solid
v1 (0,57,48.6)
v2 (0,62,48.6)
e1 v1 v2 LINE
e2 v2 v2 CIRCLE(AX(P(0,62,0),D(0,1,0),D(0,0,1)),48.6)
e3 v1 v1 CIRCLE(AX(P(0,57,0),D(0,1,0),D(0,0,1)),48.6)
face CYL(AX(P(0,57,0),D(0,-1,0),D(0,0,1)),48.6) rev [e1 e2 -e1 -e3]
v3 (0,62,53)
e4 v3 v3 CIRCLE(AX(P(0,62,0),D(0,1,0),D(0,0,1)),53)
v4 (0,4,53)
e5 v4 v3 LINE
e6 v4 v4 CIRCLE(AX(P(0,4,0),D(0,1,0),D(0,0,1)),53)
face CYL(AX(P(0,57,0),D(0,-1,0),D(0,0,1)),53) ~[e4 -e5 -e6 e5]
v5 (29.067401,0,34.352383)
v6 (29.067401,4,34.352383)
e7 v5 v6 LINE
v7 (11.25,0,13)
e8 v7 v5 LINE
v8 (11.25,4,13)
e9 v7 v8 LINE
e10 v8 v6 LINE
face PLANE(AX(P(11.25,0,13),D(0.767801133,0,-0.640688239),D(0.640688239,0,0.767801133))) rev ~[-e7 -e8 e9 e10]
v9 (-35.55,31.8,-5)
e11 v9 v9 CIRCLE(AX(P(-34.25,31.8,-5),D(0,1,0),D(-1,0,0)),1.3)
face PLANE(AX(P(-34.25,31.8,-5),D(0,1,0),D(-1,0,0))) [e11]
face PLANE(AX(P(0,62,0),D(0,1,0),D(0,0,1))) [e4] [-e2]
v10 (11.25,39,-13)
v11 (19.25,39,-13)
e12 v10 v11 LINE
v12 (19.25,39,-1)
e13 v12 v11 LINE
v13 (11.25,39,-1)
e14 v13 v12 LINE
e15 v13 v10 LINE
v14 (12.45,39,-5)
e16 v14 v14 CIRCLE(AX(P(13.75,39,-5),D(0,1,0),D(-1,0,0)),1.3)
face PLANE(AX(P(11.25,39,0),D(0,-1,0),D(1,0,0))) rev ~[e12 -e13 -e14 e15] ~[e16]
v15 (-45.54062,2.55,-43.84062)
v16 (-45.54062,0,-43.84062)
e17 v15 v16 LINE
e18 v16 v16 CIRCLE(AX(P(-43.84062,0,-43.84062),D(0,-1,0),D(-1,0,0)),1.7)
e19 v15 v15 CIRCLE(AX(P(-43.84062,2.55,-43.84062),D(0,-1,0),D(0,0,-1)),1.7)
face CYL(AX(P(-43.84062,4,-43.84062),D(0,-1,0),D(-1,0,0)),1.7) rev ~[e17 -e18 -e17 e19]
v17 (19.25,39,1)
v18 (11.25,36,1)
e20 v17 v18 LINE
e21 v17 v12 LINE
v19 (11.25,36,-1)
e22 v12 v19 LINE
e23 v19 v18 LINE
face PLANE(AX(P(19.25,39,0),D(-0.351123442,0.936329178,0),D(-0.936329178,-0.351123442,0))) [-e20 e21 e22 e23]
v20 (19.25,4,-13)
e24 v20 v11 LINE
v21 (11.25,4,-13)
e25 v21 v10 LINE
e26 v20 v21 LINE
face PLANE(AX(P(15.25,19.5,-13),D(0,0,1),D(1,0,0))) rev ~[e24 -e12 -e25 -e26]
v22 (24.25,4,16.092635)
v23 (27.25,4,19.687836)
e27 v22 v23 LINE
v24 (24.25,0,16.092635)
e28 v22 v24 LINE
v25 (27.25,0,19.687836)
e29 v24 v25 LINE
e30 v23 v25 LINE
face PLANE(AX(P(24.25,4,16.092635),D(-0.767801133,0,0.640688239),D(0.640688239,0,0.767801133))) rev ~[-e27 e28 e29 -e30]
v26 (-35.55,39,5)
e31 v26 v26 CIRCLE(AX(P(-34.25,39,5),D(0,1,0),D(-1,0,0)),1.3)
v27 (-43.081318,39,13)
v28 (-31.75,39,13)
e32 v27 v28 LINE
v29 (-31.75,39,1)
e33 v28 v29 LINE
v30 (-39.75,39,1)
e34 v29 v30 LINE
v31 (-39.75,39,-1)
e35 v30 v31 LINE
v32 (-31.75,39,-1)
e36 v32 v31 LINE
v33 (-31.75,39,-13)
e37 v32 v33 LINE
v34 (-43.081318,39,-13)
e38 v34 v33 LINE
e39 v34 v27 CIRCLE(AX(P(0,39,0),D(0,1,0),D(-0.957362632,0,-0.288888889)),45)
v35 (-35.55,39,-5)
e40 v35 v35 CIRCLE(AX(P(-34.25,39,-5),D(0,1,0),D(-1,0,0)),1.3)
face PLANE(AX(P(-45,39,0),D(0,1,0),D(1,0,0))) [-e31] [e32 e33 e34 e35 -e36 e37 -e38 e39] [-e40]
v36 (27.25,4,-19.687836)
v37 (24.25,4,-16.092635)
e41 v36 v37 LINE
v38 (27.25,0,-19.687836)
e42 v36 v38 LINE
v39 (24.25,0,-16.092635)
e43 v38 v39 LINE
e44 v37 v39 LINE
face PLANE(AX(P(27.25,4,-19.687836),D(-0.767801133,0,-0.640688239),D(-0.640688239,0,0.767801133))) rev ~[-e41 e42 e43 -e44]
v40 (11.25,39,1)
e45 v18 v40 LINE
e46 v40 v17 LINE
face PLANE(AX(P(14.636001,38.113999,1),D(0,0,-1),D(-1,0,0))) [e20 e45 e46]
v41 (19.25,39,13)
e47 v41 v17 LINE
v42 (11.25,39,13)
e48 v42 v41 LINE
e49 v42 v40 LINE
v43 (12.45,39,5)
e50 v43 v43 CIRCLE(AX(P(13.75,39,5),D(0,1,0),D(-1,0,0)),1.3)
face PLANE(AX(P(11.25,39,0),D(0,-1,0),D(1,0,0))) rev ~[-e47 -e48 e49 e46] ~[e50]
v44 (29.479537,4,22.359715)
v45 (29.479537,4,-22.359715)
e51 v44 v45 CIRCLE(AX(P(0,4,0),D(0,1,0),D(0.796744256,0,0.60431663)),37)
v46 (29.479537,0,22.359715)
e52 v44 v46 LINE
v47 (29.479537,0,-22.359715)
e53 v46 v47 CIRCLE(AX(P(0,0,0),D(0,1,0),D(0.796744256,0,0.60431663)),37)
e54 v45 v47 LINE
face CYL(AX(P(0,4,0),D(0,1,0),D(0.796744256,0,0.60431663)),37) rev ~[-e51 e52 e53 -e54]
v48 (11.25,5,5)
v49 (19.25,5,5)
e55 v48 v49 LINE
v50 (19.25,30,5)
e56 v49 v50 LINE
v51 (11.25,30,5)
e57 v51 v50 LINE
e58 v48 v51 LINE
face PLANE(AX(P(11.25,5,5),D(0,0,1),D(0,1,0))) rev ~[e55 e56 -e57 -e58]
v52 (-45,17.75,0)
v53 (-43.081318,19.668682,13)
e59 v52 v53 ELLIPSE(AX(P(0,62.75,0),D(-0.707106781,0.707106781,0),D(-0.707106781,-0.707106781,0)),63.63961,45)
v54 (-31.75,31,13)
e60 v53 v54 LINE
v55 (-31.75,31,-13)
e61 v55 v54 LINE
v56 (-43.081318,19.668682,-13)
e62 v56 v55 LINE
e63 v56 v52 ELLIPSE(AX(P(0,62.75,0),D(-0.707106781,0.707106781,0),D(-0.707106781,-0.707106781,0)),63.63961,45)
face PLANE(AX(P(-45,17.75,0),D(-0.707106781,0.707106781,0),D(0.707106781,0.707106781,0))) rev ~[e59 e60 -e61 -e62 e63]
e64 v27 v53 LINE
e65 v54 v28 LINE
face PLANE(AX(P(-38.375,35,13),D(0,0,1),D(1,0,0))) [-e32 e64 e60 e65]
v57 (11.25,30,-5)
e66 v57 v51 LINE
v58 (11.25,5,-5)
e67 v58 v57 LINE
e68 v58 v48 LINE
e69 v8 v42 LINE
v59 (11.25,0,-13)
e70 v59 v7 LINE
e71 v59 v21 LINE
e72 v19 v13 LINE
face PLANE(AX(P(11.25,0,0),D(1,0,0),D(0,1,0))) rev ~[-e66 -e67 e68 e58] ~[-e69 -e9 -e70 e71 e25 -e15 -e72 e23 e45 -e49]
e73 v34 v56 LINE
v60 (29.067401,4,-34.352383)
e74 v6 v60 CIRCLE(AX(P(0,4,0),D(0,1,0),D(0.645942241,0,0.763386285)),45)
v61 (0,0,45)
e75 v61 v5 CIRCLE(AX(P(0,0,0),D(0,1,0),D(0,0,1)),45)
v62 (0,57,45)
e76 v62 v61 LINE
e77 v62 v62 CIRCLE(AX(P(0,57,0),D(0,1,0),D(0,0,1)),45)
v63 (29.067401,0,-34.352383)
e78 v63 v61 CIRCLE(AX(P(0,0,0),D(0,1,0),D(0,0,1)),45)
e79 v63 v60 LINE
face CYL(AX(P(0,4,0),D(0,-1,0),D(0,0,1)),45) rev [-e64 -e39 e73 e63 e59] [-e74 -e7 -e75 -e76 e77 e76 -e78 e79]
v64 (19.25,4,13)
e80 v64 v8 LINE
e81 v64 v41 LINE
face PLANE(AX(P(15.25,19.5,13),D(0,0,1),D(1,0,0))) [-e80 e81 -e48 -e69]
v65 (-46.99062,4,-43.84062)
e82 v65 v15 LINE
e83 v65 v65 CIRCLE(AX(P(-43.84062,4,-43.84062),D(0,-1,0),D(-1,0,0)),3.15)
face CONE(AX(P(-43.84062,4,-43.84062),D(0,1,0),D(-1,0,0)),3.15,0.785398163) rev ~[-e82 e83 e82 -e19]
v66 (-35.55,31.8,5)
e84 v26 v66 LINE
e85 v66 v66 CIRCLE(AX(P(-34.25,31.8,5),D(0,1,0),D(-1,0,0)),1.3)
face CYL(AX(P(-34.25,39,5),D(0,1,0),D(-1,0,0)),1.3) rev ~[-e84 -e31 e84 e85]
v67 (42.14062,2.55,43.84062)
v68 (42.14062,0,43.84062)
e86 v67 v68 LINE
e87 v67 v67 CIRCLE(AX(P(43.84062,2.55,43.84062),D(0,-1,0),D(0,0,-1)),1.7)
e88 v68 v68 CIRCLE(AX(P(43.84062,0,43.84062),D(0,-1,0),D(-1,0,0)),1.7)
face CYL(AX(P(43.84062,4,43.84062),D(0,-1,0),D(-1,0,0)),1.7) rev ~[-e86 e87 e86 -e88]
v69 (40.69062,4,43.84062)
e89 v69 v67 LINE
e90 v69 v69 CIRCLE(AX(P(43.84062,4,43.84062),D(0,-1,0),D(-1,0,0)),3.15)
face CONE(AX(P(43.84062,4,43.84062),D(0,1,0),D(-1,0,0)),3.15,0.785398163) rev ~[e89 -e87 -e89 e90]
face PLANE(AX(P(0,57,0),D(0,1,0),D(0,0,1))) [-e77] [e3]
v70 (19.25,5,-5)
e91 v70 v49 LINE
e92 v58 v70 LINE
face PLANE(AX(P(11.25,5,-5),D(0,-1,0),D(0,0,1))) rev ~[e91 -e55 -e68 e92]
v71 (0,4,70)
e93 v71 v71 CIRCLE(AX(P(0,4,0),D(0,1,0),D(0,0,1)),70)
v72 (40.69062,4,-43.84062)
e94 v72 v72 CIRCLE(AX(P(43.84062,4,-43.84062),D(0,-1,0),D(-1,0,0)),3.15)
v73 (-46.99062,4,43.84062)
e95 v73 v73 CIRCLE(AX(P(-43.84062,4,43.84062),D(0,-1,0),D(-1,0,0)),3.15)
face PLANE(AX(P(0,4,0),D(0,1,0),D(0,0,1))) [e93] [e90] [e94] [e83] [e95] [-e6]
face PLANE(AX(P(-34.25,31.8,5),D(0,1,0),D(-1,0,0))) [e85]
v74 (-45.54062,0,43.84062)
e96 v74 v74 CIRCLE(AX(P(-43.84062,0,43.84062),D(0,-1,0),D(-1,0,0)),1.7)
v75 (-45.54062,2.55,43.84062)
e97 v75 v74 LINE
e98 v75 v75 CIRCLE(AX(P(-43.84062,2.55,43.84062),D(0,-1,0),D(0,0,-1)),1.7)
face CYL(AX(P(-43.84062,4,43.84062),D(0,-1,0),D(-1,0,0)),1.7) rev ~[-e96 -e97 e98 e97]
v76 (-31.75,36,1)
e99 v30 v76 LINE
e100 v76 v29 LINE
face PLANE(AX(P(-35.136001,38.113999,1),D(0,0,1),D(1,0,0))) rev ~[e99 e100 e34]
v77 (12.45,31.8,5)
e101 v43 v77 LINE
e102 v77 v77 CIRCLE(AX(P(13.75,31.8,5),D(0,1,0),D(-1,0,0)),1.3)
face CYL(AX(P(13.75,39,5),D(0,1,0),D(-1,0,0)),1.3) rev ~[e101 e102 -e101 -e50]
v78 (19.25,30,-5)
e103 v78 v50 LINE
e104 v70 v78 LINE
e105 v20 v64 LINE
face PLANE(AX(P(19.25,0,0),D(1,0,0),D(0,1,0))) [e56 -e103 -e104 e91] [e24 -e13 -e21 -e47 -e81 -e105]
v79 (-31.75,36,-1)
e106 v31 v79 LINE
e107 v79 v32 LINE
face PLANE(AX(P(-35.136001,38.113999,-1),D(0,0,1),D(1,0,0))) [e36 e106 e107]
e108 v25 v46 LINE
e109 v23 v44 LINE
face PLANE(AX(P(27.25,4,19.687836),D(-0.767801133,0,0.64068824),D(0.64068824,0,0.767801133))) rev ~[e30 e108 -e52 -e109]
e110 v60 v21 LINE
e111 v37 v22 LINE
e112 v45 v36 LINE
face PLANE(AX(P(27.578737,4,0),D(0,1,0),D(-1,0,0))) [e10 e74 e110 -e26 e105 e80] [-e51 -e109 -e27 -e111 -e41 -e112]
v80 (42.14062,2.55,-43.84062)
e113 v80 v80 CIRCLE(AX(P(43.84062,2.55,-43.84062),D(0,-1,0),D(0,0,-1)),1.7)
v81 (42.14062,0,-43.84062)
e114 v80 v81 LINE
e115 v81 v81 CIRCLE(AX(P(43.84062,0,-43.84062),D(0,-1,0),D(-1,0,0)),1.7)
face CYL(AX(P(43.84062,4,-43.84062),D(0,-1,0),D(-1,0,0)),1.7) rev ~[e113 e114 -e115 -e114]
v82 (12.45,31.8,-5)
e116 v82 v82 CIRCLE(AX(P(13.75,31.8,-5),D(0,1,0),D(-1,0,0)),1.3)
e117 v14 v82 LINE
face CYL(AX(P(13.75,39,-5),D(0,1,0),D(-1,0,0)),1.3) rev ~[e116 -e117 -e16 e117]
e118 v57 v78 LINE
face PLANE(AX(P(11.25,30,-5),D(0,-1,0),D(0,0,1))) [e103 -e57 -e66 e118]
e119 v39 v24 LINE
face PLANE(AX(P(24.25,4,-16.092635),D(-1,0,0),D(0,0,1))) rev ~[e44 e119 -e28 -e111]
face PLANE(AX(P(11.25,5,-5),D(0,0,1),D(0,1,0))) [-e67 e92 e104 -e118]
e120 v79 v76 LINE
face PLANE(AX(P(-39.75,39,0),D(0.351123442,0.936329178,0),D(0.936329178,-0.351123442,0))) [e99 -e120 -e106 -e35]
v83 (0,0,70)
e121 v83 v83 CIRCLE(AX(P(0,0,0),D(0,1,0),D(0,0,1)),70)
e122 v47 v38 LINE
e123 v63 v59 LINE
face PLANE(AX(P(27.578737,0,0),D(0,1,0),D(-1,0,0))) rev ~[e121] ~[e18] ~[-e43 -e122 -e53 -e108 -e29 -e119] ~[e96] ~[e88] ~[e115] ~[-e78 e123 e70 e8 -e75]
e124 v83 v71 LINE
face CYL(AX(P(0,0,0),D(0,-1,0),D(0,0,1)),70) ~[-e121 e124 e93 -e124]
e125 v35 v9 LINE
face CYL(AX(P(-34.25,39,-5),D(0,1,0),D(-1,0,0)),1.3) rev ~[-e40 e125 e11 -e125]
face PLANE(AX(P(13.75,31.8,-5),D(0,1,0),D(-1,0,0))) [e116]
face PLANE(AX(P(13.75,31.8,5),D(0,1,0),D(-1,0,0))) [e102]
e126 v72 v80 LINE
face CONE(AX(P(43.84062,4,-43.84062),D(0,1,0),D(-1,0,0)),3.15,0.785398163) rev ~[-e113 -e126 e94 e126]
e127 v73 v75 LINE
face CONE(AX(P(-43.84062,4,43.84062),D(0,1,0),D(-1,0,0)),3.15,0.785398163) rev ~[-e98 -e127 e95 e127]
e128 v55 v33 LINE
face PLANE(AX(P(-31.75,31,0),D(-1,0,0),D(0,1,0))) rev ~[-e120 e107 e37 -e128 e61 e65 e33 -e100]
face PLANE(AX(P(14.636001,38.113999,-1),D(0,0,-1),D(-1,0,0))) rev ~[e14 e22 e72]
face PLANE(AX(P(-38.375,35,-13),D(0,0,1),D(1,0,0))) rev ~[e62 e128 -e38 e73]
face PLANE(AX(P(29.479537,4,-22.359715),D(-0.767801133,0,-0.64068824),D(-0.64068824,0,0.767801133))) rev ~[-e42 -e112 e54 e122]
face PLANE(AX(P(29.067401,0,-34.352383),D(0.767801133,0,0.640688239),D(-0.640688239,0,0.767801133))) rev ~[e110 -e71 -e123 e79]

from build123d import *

# Parameters (mm, degrees)
SKETCH1_R                                           = 70
SKETCH1_R_2                                         = 45
BOSS_EXTRUDE1_DEPTH                                 = 4
SKETCH2_R                                           = 53
SKETCH2_R_2                                         = 45
BOSS_EXTRUDE2_DEPTH                                 = 53
SKETCH4_W                                           = 13.25
SKETCH4_H                                           = 8
SKETCH4_W_2                                         = 8
SKETCH4_H_2                                         = 39
BOSS_EXTRUDE4_DEPTH                                 = 13
BOSS_EXTRUDE5_DEPTH                                 = 4
SKETCH7_R                                           = 1.3
CUT_EXTRUDE4_DEPTH                                  = 7.2
SKETCH9_W                                           = 10
SKETCH9_H                                           = 25
CUT_EXTRUDE7_DEPTH                                  = 8
CUT_EXTRUDE9_DEPTH                                  = 113.289803633
CSK_FOR_M3_COUNTERSUNK_FLAT_HEAD_SCREW1_D           = 3.4
CSK_FOR_M3_COUNTERSUNK_FLAT_HEAD_SCREW1_CSINK_D     = 6.3
CSK_FOR_M3_COUNTERSUNK_FLAT_HEAD_SCREW1_CSINK_ANGLE = 90
SKETCH18_R                                          = 53
SKETCH18_R_2                                        = 48.6
BOSS_EXTRUDE6_DEPTH                                 = 5
CUT_EXTRUDE10_DEPTH                                 = 1


with BuildPart() as part:
    # Sketch1 → Boss-Extrude1 (new body)
    with BuildSketch(Plane(origin=(0, 0, 0), x_dir=(1, 0, 0), z_dir=(0, 1, 0))):
        with Locations(Location((0, 0, 0), (0, 0, 270))):
            Circle(SKETCH1_R)
        with Locations(Location((0, 0, 0), (0, 0, 270))):
            Circle(SKETCH1_R_2, mode=Mode.SUBTRACT)
    extrude(amount=BOSS_EXTRUDE1_DEPTH)

    # Sketch2 → Boss-Extrude2 (add)
    with BuildSketch(Plane(origin=(0, 4, 0), x_dir=(1, 0, 0), z_dir=(0, 1, 0))):
        with Locations(Location((0, 0, 0), (0, 0, 270))):
            Circle(SKETCH2_R)
        with Locations(Location((0, 0, 0), (0, 0, 270))):
            Circle(SKETCH2_R_2, mode=Mode.SUBTRACT)
    extrude(amount=BOSS_EXTRUDE2_DEPTH)

    # Sketch4 → Boss-Extrude4 (add, symmetric)
    with BuildSketch(Plane.XY):
        with Locations((-38.375, 35)):
            Rectangle(SKETCH4_W, SKETCH4_H)
        Polygon((-31.75, 31), (-45, 31), (-45, 17.75), align=None)
        with Locations((15.25, 19.5)):
            Rectangle(SKETCH4_W_2, SKETCH4_H_2)
    extrude(amount=BOSS_EXTRUDE4_DEPTH, both=True)


with BuildPart() as boss_extrude4_piece_1:
    # of the separate pieces the step leaves, piece 1, a body of its own (boss_extrude4_pieces)
    add(part.part.solids().sort_by_distance((0, 0, 70))[0])



with BuildPart() as boss_extrude4_piece_2:
    # of the separate pieces the step leaves, piece 2, a body of its own (boss_extrude4_pieces)
    add(part.part.solids().sort_by_distance((11.25, 39, -13))[0])


with BuildPart() as boss_extrude4_piece_1_1:
    add(boss_extrude4_piece_1.part)

    add(boss_extrude4_piece_2.part)  # Boss-Extrude5 merges Boss-Extrude4 piece 2
    # Sketch5 → Boss-Extrude5 (add)
    with BuildSketch(Plane.XZ):
        with BuildLine():
            Line((11.25, 13), (29.067400866, 34.352382842))
            ThreePointArc((29.067400866, 34.352382842), (45, 0), (29.067400866, -34.352382842))
            Line((29.067400866, -34.352382842), (11.25, -13))
            Line((11.25, -13), (11.25, 13))
        make_face()
    extrude(amount=-BOSS_EXTRUDE5_DEPTH)

    # Sketch7 → Cut-Extrude4 (cut)
    with BuildSketch(Plane(origin=(0, 39, 0), x_dir=(1, 0, 0), z_dir=(0, 1, 0))):
        with Locations(Location((-34.25, 5, 0), (0, 0, 180))):
            Circle(SKETCH7_R)
        with Locations(Location((-34.25, -5, 0), (0, 0, 180))):
            Circle(SKETCH7_R)
        with Locations(Location((13.75, 5, 0), (0, 0, 180))):
            Circle(SKETCH7_R)
        with Locations(Location((13.75, -5, 0), (0, 0, 180))):
            Circle(SKETCH7_R)
    extrude(amount=-CUT_EXTRUDE4_DEPTH, mode=Mode.SUBTRACT)

    # Sketch9 → Cut-Extrude7 (cut)
    with BuildSketch(Plane.ZY.offset(-11.25)):
        with Locations((0, 17.5)):
            Rectangle(SKETCH9_W, SKETCH9_H)
    extrude(amount=-CUT_EXTRUDE7_DEPTH, mode=Mode.SUBTRACT)

    # Sketch12 → Cut-Extrude9 (cut, through all)
    with BuildSketch(Plane(origin=(0, 4, 0), x_dir=(1, 0, 0), z_dir=(0, 1, 0))):
        with BuildLine():
            Line((29.479537487, 22.359715328), (27.25, 19.687836398))
            Line((27.25, 19.687836398), (27.25, -19.687836398))
            Line((27.25, -19.687836398), (29.479537487, -22.359715328))
            ThreePointArc((29.479537487, -22.359715328), (37, 0), (29.479537487, 22.359715328))
        make_face()
        Polygon((27.25, -19.687836398), (27.25, 19.687836398), (24.25, 16.092634774), (24.25, -16.092634774), align=None)
    extrude(amount=-CUT_EXTRUDE9_DEPTH, mode=Mode.SUBTRACT)

    # CSK for M3 Countersunk Flat Head Screw1 (through all)
    with Locations(Plane(origin=(0, 4, 0), x_dir=(1, 0, 0), z_dir=(0, 1, 0))):
        with Locations((-43.840620434, 43.840620434), (-43.840620434, -43.840620434), (43.840620434, -43.840620434), (43.840620434, 43.840620434)):
            CounterSinkHole(CSK_FOR_M3_COUNTERSUNK_FLAT_HEAD_SCREW1_D / 2, CSK_FOR_M3_COUNTERSUNK_FLAT_HEAD_SCREW1_CSINK_D / 2, counter_sink_angle=CSK_FOR_M3_COUNTERSUNK_FLAT_HEAD_SCREW1_CSINK_ANGLE)

    # Sketch18 → Boss-Extrude6 (add)
    with BuildSketch(Plane(origin=(0, 57, 0), x_dir=(1, 0, 0), z_dir=(0, 1, 0))):
        with Locations(Location((0, 0, 0), (0, 0, 270))):
            Circle(SKETCH18_R)
        with Locations(Location((0, 0, 0), (0, 0, 270))):
            Circle(SKETCH18_R_2, mode=Mode.SUBTRACT)
    extrude(amount=BOSS_EXTRUDE6_DEPTH)

    # Sketch19 → Cut-Extrude10 (cut, symmetric)
    with BuildSketch(Plane.XY):
        Polygon((-39.75, 39), (-31.75, 36), (-31.75, 39), align=None)
        Polygon((11.25, 39), (19.25, 39), (11.25, 36), align=None)
    extrude(amount=CUT_EXTRUDE10_DEPTH, both=True, mode=Mode.SUBTRACT)


solid = boss_extrude4_piece_1_1.part
